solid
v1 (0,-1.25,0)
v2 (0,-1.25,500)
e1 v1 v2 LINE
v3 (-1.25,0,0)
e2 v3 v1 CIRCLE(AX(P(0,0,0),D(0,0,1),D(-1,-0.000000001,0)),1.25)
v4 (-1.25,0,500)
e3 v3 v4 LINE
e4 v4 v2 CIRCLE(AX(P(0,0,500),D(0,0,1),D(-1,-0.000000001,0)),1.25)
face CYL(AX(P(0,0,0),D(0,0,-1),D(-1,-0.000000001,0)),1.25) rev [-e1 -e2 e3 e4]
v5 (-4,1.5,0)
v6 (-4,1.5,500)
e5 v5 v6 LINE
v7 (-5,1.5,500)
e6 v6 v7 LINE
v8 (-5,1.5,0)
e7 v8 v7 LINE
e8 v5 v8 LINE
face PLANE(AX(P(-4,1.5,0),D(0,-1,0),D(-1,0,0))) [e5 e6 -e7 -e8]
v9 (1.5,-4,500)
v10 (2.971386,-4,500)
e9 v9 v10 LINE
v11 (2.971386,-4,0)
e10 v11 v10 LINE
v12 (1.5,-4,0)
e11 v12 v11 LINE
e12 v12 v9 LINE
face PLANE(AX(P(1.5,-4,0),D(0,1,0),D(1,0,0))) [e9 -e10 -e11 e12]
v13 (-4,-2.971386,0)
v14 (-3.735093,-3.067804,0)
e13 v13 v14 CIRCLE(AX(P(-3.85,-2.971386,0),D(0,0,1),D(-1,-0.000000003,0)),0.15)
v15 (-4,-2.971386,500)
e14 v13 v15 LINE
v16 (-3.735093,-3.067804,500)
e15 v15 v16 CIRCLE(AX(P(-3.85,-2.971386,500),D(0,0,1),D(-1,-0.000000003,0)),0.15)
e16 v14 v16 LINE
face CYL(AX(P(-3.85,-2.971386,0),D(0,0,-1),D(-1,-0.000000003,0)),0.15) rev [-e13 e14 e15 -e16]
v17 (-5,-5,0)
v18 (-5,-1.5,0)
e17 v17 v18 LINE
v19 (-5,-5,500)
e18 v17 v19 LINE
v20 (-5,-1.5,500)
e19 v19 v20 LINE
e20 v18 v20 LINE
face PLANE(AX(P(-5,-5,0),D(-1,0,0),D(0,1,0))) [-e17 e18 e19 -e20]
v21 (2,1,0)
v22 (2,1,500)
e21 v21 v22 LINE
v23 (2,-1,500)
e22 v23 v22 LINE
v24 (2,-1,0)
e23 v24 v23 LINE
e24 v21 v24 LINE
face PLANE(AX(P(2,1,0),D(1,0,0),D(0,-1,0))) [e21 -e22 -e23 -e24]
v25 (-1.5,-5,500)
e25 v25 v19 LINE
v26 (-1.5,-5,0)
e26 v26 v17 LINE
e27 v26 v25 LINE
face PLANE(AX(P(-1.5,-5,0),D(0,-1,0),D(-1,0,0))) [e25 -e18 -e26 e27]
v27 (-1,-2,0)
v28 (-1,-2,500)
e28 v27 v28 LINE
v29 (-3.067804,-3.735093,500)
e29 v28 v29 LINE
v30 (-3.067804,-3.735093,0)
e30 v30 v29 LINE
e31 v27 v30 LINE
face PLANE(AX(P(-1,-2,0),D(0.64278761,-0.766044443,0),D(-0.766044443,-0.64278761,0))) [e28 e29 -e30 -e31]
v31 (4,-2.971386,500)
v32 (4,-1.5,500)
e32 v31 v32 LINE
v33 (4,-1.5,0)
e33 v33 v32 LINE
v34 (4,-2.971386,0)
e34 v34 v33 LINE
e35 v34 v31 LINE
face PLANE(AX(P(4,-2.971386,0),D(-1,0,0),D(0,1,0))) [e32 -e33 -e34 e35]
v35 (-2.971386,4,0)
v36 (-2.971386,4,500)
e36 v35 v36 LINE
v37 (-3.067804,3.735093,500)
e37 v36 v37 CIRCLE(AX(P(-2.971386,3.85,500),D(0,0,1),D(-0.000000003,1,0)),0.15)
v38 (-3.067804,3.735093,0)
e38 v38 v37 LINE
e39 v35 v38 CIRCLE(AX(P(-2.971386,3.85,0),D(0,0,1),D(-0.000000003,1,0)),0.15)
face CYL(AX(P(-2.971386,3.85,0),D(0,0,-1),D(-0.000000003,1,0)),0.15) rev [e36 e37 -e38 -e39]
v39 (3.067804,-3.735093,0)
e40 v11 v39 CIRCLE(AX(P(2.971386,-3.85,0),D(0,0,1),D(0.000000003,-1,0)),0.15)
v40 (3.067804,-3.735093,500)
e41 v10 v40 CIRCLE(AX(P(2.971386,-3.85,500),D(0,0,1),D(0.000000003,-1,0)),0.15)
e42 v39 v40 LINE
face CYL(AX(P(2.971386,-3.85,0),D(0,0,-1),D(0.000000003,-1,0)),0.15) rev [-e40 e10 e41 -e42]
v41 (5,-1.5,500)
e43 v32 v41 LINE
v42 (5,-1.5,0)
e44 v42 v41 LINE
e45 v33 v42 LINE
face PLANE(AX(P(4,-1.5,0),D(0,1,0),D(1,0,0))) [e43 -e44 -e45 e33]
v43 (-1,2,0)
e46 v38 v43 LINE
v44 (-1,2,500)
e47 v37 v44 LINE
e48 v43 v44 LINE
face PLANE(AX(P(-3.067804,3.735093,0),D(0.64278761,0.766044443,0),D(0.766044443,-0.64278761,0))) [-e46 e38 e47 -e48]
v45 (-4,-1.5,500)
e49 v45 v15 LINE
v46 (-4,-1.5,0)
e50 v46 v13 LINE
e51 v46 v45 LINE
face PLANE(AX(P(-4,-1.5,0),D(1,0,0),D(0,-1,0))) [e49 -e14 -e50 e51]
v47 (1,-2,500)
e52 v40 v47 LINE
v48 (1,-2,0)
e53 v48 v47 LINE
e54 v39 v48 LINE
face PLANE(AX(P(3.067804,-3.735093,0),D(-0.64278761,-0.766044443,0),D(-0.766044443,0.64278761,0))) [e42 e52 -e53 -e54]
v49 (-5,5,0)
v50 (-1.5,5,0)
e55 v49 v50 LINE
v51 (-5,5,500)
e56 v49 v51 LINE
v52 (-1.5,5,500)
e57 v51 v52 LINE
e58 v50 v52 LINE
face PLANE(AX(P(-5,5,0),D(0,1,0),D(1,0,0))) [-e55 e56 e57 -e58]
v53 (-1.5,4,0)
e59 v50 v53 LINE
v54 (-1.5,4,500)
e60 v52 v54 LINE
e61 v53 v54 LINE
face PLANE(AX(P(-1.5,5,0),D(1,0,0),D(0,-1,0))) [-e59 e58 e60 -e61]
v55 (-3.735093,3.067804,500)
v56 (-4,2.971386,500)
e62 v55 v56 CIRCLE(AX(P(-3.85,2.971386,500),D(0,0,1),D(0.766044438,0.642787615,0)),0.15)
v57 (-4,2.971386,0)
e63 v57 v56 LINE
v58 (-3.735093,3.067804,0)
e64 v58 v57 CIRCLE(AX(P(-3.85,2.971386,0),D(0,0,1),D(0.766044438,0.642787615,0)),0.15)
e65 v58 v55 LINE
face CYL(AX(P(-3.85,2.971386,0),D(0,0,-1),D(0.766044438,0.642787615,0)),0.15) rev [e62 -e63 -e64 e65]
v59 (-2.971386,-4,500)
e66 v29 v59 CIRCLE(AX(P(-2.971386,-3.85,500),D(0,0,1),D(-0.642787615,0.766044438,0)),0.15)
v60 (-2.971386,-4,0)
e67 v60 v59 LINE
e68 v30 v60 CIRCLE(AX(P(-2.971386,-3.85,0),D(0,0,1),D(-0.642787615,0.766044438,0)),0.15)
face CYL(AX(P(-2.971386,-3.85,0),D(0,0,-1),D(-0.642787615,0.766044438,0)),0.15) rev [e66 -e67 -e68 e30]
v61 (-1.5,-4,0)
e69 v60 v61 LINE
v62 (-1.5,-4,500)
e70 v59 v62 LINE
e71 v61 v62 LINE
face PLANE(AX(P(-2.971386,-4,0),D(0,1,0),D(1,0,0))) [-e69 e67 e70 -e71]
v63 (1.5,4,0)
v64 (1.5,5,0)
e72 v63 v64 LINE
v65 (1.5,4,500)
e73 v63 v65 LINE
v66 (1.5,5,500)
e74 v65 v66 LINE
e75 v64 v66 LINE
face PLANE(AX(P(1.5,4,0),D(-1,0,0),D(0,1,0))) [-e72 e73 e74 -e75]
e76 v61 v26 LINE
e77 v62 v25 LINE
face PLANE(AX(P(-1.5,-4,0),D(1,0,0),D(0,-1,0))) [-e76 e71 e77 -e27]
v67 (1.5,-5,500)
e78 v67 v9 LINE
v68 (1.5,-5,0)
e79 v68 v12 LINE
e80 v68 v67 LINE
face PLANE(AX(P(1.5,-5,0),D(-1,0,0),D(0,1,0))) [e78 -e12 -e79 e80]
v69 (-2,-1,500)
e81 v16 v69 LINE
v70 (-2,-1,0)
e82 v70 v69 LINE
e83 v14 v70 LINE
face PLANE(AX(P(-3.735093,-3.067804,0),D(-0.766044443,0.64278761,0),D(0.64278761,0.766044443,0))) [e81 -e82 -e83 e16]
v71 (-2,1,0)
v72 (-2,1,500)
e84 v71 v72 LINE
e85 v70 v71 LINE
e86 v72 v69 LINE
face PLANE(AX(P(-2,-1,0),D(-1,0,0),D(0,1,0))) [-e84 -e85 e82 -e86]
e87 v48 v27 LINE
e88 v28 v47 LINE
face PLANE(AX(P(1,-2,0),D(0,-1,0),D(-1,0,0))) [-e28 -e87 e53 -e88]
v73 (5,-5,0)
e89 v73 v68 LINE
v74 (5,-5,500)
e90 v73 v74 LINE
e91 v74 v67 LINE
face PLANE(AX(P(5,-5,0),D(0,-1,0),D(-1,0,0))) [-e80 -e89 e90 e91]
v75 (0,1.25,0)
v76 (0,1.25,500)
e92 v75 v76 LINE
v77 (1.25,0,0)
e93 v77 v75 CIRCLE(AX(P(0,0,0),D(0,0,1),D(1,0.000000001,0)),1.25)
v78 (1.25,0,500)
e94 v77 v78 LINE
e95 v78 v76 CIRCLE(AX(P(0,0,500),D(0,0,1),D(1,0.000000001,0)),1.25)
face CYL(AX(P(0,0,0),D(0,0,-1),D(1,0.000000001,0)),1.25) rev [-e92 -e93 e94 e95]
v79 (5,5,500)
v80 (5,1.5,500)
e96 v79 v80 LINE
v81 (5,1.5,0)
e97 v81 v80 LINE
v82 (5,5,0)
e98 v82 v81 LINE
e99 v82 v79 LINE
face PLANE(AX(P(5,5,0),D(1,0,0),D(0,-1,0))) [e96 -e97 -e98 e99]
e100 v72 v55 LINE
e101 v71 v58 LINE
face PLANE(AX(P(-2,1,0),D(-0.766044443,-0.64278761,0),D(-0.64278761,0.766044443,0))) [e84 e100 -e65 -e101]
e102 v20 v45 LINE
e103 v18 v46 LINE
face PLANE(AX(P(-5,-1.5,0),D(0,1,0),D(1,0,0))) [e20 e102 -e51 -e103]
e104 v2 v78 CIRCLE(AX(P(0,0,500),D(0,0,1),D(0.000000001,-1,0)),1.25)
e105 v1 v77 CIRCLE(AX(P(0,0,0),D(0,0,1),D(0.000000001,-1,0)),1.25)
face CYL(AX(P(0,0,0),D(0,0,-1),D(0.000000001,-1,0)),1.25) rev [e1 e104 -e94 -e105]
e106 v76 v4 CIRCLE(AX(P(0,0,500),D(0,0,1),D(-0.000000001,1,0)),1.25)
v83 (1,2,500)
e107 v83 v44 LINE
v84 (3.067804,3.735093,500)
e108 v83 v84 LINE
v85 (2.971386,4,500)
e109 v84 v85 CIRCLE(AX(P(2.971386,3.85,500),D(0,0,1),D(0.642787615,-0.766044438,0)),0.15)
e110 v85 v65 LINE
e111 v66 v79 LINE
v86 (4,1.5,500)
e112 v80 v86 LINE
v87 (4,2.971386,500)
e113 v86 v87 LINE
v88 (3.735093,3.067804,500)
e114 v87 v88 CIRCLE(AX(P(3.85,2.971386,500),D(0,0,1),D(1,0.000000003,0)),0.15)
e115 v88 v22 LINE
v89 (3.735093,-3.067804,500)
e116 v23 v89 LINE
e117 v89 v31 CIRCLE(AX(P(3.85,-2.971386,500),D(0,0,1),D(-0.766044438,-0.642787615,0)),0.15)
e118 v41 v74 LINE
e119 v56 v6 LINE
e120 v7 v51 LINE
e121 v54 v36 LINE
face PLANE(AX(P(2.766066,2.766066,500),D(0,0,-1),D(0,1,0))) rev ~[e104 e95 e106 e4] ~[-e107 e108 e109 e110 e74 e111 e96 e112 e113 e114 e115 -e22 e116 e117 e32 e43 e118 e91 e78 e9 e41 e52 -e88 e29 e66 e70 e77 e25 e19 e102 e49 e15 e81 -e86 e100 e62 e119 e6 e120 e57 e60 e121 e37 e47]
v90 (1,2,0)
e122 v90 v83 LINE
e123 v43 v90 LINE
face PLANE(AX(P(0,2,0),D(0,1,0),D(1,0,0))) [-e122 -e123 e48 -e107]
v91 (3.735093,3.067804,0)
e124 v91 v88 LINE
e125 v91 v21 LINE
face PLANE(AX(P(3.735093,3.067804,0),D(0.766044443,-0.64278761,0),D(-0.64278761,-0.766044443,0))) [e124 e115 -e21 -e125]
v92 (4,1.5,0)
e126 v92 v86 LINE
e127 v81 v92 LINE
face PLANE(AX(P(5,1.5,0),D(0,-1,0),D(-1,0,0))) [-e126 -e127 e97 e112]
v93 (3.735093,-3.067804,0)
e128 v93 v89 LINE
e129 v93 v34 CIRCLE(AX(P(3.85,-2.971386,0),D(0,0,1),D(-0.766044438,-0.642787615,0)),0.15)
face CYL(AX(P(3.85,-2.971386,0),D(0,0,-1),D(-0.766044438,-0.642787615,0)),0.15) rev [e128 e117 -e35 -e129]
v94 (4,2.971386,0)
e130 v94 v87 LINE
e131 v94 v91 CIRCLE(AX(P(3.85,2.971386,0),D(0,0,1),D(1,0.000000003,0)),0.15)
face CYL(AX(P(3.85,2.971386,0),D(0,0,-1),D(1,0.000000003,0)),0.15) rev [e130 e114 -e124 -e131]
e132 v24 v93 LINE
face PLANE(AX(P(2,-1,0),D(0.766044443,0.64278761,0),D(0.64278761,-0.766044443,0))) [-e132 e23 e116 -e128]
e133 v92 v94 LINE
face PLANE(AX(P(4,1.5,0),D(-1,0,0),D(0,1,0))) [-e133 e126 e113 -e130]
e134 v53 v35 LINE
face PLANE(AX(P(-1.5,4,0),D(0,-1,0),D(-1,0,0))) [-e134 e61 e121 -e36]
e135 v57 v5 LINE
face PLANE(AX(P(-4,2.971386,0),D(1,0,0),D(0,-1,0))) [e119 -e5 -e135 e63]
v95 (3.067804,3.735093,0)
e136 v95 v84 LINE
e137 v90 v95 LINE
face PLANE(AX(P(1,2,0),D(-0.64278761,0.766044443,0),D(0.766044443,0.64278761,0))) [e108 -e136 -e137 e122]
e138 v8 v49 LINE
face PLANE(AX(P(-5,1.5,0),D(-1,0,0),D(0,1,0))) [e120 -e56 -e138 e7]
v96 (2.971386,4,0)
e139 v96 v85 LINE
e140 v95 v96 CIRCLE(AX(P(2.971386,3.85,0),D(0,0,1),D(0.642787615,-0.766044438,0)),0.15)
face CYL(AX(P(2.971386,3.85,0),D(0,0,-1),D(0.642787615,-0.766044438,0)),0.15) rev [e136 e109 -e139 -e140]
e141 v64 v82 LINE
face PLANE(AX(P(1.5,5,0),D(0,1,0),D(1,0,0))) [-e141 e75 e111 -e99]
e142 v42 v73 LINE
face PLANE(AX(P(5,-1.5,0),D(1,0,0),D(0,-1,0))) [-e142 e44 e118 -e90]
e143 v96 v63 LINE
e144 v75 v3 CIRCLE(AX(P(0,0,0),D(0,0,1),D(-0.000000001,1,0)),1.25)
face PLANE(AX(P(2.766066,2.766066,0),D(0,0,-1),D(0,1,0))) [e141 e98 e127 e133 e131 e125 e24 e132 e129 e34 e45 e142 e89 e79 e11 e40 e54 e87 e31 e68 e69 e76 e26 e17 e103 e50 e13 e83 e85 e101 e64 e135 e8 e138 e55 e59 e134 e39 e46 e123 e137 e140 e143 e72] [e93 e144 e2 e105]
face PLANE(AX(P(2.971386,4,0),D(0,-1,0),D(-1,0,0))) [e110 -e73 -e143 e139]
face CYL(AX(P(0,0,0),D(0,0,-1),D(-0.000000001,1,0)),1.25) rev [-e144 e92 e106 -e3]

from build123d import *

# Parameters (mm, degrees)
BOSS_EXTRU_1_DEPTH           = 500
R_P_TITION_CIRCULAIRE1_COUNT = 4


with BuildPart() as part:
    # Esquisse1 → Boss.-Extru.1 (new body)
    with BuildSketch(Plane.XY):
        with BuildLine():
            Line((0, 2), (0, 1.25))
            ThreePointArc((0, 1.25), (-0.883883476, 0.883883476), (-1.25, 0))
            Line((-1.25, 0), (-2, 0))
            Line((-2, 0), (-2, 1))
            Line((-2, 1), (-3.735093334, 3.067803714))
            ThreePointArc((-3.735093334, 3.067803714), (-3.901303021, 3.112339465), (-4, 2.971385572))
            Line((-4, 2.971385572), (-4, 1.5))
            Line((-4, 1.5), (-5, 1.5))
            Line((-5, 1.5), (-5, 5))
            Line((-5, 5), (-1.5, 5))
            Line((-1.5, 5), (-1.5, 4))
            Line((-1.5, 4), (-2.971385572, 4))
            ThreePointArc((-2.971385572, 4), (-3.112339465, 3.901303021), (-3.067803714, 3.735093334))
            Line((-3.067803714, 3.735093334), (-1, 2))
            Line((-1, 2), (0, 2))
        make_face()
    boss_extru_1 = extrude(amount=BOSS_EXTRU_1_DEPTH)

    # Répétition circulaire1: Boss.-Extru.1 ×4 about axis
    r_p_tition_circulaire1_axis = Axis((0, 0, 105), (0, 0, -1))
    for i in range(1, R_P_TITION_CIRCULAIRE1_COUNT):
        add(boss_extru_1.rotate(r_p_tition_circulaire1_axis, i * 360 / R_P_TITION_CIRCULAIRE1_COUNT))


solid = part.part
